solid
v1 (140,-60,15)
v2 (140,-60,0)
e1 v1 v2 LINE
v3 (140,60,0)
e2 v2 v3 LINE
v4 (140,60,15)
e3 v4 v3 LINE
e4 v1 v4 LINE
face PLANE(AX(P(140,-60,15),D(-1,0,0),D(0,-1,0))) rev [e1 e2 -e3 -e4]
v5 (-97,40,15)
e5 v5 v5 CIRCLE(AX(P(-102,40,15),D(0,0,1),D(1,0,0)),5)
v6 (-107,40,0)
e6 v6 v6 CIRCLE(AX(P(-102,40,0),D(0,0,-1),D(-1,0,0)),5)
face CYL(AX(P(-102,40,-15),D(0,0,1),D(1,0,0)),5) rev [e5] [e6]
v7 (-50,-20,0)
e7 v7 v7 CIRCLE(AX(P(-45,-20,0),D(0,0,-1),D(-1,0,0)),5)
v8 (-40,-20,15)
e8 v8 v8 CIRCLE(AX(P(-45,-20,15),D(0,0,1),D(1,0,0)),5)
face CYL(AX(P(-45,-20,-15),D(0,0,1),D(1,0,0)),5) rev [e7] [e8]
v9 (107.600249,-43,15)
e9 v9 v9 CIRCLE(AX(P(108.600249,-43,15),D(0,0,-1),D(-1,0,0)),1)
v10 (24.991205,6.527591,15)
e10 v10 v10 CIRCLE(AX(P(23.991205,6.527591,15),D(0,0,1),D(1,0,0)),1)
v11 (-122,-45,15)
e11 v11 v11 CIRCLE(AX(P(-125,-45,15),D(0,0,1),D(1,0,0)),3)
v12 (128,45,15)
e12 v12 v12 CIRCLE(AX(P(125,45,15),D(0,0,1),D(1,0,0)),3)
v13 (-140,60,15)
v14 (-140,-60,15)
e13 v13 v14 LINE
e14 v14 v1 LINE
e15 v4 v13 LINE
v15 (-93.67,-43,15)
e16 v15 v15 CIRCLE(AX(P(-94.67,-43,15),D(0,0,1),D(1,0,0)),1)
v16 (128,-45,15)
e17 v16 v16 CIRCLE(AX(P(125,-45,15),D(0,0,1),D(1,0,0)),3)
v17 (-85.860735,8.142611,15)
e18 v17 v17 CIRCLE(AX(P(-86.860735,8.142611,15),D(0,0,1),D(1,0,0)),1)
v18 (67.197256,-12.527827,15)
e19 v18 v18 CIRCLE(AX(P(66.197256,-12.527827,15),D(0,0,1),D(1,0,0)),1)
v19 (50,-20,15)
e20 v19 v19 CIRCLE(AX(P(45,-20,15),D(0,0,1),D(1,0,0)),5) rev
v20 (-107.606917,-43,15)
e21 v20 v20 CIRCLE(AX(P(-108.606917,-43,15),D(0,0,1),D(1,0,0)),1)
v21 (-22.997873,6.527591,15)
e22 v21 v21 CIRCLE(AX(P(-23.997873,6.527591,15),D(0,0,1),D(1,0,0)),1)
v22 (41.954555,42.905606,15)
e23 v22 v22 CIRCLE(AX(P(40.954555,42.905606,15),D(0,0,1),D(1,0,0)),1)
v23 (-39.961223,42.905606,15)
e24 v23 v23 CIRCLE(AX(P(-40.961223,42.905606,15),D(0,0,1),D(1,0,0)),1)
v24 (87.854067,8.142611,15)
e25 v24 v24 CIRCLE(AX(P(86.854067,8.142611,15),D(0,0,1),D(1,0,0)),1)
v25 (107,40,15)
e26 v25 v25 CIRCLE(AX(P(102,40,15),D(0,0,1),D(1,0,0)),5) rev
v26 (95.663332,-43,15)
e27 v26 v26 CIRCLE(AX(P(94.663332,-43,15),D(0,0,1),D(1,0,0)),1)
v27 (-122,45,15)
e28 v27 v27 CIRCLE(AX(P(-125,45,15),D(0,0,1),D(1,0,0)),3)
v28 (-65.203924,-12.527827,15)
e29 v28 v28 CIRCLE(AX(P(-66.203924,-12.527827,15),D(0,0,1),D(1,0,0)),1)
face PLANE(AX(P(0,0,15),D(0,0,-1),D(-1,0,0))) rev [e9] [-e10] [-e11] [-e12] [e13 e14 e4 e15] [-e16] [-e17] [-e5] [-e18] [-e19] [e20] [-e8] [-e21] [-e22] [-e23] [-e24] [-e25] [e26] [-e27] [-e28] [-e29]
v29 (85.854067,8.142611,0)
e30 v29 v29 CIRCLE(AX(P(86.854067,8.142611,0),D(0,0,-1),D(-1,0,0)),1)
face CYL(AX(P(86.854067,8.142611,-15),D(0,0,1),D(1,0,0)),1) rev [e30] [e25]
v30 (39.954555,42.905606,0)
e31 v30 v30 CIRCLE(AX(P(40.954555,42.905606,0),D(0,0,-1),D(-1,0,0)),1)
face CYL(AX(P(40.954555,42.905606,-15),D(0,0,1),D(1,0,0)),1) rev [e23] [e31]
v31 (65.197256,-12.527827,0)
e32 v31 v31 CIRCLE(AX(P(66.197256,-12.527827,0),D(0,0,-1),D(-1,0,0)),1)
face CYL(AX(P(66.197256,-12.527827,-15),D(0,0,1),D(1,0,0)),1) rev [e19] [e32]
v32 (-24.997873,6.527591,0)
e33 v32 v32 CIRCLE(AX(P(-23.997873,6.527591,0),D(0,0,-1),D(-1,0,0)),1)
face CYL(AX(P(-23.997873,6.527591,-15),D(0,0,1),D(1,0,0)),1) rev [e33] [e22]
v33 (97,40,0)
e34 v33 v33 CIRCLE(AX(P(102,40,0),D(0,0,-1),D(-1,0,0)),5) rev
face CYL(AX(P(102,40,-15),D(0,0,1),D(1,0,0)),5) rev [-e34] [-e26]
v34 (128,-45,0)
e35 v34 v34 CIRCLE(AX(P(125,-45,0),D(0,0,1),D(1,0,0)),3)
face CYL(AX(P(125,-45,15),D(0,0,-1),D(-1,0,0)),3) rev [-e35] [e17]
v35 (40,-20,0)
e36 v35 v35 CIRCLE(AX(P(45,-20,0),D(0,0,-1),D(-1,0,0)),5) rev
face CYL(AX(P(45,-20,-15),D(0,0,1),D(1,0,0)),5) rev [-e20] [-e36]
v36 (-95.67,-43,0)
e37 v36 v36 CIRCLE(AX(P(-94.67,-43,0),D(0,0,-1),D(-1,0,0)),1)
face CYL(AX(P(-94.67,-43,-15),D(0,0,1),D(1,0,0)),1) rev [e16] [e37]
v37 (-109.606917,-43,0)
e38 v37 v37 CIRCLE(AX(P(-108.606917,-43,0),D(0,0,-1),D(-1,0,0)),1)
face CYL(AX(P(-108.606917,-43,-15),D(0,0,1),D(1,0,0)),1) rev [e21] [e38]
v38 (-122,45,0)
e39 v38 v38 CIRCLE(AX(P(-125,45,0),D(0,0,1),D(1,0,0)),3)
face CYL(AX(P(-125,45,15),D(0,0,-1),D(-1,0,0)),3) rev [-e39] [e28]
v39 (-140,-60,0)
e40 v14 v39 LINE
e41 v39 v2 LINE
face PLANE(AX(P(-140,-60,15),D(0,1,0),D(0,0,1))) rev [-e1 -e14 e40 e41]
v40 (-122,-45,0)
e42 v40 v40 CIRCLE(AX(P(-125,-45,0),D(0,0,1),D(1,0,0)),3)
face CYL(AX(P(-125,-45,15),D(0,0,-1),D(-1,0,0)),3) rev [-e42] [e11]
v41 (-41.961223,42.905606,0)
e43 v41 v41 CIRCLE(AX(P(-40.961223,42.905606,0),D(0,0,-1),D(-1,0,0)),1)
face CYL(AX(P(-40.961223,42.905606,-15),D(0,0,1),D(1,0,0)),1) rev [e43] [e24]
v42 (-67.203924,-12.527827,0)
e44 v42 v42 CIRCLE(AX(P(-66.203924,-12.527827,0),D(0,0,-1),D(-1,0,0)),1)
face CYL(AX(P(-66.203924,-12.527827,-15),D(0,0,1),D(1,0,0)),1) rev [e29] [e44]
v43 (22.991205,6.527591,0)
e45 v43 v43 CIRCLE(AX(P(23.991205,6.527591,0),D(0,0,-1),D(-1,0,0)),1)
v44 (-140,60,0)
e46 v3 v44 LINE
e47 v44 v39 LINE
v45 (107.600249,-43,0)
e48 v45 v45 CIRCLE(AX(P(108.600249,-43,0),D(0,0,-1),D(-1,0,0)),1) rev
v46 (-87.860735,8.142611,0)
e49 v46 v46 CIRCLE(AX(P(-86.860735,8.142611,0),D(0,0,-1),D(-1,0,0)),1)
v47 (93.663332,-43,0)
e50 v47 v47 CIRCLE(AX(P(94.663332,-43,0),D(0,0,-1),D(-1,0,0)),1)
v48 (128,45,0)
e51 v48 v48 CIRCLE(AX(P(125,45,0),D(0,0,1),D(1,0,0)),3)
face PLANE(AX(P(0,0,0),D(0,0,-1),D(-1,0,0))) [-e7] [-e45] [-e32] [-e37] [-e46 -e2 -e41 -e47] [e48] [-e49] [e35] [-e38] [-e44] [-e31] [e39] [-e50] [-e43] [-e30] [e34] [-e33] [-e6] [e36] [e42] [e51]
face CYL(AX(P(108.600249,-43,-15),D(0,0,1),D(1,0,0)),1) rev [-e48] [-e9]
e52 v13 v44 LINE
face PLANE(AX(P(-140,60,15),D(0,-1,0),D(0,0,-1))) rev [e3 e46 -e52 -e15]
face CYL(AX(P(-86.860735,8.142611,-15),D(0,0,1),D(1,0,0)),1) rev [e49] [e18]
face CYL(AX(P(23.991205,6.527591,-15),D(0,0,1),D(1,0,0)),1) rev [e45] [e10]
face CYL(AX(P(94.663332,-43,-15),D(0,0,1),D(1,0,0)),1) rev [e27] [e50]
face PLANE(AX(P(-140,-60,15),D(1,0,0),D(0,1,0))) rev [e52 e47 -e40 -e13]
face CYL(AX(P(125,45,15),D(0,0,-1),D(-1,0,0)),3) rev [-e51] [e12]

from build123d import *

# Parameters (mm, degrees)
SKETCH1_W           = 280
SKETCH1_H           = 120
SKETCH1_R           = 3
BOSS_EXTRUDE1_DEPTH = 15
SKETCH2_R           = 5
SKETCH2_R_2         = 1
CUT_EXTRUDE1_DEPTH  = 30


with BuildPart() as part:
    # Sketch1 → Boss-Extrude1 (new body)
    with BuildSketch(Plane.XY):
        Rectangle(SKETCH1_W, SKETCH1_H)
        with Locations((-125, 45)):
            Circle(SKETCH1_R, mode=Mode.SUBTRACT)
        with Locations((125, 45)):
            Circle(SKETCH1_R, mode=Mode.SUBTRACT)
        with Locations((125, -45)):
            Circle(SKETCH1_R, mode=Mode.SUBTRACT)
        with Locations((-125, -45)):
            Circle(SKETCH1_R, mode=Mode.SUBTRACT)
    extrude(amount=BOSS_EXTRUDE1_DEPTH)

    # Sketch2 → Cut-Extrude1 (cut)
    with BuildSketch(Plane.XY.offset(15)):
        with Locations((102, 40)):
            Circle(SKETCH2_R)
        with Locations((45, -20)):
            Circle(SKETCH2_R)
        with Locations((-45, -20)):
            Circle(SKETCH2_R)
        with Locations((-102, 40)):
            Circle(SKETCH2_R)
        with Locations(Location((108.600249206, -43, 0), (0, 0, 180))):
            Circle(SKETCH2_R_2)
        with Locations((94.663331879, -43)):
            Circle(SKETCH2_R_2)
        with Locations((86.854067304, 8.142611191)):
            Circle(SKETCH2_R_2)
        with Locations((66.197255592, -12.527826613)):
            Circle(SKETCH2_R_2)
        with Locations((23.991204862, 6.527590511)):
            Circle(SKETCH2_R_2)
        with Locations((40.954554728, 42.905606098)):
            Circle(SKETCH2_R_2)
        with Locations((-23.997872984, 6.527590511)):
            Circle(SKETCH2_R_2)
        with Locations((-40.96122285, 42.905606098)):
            Circle(SKETCH2_R_2)
        with Locations((-86.860735426, 8.142611191)):
            Circle(SKETCH2_R_2)
        with Locations((-66.203923713, -12.527826613)):
            Circle(SKETCH2_R_2)
        with Locations((-108.606917327, -43)):
            Circle(SKETCH2_R_2)
        with Locations((-94.67, -43)):
            Circle(SKETCH2_R_2)
    extrude(amount=-CUT_EXTRUDE1_DEPTH, mode=Mode.SUBTRACT)


solid = part.part
